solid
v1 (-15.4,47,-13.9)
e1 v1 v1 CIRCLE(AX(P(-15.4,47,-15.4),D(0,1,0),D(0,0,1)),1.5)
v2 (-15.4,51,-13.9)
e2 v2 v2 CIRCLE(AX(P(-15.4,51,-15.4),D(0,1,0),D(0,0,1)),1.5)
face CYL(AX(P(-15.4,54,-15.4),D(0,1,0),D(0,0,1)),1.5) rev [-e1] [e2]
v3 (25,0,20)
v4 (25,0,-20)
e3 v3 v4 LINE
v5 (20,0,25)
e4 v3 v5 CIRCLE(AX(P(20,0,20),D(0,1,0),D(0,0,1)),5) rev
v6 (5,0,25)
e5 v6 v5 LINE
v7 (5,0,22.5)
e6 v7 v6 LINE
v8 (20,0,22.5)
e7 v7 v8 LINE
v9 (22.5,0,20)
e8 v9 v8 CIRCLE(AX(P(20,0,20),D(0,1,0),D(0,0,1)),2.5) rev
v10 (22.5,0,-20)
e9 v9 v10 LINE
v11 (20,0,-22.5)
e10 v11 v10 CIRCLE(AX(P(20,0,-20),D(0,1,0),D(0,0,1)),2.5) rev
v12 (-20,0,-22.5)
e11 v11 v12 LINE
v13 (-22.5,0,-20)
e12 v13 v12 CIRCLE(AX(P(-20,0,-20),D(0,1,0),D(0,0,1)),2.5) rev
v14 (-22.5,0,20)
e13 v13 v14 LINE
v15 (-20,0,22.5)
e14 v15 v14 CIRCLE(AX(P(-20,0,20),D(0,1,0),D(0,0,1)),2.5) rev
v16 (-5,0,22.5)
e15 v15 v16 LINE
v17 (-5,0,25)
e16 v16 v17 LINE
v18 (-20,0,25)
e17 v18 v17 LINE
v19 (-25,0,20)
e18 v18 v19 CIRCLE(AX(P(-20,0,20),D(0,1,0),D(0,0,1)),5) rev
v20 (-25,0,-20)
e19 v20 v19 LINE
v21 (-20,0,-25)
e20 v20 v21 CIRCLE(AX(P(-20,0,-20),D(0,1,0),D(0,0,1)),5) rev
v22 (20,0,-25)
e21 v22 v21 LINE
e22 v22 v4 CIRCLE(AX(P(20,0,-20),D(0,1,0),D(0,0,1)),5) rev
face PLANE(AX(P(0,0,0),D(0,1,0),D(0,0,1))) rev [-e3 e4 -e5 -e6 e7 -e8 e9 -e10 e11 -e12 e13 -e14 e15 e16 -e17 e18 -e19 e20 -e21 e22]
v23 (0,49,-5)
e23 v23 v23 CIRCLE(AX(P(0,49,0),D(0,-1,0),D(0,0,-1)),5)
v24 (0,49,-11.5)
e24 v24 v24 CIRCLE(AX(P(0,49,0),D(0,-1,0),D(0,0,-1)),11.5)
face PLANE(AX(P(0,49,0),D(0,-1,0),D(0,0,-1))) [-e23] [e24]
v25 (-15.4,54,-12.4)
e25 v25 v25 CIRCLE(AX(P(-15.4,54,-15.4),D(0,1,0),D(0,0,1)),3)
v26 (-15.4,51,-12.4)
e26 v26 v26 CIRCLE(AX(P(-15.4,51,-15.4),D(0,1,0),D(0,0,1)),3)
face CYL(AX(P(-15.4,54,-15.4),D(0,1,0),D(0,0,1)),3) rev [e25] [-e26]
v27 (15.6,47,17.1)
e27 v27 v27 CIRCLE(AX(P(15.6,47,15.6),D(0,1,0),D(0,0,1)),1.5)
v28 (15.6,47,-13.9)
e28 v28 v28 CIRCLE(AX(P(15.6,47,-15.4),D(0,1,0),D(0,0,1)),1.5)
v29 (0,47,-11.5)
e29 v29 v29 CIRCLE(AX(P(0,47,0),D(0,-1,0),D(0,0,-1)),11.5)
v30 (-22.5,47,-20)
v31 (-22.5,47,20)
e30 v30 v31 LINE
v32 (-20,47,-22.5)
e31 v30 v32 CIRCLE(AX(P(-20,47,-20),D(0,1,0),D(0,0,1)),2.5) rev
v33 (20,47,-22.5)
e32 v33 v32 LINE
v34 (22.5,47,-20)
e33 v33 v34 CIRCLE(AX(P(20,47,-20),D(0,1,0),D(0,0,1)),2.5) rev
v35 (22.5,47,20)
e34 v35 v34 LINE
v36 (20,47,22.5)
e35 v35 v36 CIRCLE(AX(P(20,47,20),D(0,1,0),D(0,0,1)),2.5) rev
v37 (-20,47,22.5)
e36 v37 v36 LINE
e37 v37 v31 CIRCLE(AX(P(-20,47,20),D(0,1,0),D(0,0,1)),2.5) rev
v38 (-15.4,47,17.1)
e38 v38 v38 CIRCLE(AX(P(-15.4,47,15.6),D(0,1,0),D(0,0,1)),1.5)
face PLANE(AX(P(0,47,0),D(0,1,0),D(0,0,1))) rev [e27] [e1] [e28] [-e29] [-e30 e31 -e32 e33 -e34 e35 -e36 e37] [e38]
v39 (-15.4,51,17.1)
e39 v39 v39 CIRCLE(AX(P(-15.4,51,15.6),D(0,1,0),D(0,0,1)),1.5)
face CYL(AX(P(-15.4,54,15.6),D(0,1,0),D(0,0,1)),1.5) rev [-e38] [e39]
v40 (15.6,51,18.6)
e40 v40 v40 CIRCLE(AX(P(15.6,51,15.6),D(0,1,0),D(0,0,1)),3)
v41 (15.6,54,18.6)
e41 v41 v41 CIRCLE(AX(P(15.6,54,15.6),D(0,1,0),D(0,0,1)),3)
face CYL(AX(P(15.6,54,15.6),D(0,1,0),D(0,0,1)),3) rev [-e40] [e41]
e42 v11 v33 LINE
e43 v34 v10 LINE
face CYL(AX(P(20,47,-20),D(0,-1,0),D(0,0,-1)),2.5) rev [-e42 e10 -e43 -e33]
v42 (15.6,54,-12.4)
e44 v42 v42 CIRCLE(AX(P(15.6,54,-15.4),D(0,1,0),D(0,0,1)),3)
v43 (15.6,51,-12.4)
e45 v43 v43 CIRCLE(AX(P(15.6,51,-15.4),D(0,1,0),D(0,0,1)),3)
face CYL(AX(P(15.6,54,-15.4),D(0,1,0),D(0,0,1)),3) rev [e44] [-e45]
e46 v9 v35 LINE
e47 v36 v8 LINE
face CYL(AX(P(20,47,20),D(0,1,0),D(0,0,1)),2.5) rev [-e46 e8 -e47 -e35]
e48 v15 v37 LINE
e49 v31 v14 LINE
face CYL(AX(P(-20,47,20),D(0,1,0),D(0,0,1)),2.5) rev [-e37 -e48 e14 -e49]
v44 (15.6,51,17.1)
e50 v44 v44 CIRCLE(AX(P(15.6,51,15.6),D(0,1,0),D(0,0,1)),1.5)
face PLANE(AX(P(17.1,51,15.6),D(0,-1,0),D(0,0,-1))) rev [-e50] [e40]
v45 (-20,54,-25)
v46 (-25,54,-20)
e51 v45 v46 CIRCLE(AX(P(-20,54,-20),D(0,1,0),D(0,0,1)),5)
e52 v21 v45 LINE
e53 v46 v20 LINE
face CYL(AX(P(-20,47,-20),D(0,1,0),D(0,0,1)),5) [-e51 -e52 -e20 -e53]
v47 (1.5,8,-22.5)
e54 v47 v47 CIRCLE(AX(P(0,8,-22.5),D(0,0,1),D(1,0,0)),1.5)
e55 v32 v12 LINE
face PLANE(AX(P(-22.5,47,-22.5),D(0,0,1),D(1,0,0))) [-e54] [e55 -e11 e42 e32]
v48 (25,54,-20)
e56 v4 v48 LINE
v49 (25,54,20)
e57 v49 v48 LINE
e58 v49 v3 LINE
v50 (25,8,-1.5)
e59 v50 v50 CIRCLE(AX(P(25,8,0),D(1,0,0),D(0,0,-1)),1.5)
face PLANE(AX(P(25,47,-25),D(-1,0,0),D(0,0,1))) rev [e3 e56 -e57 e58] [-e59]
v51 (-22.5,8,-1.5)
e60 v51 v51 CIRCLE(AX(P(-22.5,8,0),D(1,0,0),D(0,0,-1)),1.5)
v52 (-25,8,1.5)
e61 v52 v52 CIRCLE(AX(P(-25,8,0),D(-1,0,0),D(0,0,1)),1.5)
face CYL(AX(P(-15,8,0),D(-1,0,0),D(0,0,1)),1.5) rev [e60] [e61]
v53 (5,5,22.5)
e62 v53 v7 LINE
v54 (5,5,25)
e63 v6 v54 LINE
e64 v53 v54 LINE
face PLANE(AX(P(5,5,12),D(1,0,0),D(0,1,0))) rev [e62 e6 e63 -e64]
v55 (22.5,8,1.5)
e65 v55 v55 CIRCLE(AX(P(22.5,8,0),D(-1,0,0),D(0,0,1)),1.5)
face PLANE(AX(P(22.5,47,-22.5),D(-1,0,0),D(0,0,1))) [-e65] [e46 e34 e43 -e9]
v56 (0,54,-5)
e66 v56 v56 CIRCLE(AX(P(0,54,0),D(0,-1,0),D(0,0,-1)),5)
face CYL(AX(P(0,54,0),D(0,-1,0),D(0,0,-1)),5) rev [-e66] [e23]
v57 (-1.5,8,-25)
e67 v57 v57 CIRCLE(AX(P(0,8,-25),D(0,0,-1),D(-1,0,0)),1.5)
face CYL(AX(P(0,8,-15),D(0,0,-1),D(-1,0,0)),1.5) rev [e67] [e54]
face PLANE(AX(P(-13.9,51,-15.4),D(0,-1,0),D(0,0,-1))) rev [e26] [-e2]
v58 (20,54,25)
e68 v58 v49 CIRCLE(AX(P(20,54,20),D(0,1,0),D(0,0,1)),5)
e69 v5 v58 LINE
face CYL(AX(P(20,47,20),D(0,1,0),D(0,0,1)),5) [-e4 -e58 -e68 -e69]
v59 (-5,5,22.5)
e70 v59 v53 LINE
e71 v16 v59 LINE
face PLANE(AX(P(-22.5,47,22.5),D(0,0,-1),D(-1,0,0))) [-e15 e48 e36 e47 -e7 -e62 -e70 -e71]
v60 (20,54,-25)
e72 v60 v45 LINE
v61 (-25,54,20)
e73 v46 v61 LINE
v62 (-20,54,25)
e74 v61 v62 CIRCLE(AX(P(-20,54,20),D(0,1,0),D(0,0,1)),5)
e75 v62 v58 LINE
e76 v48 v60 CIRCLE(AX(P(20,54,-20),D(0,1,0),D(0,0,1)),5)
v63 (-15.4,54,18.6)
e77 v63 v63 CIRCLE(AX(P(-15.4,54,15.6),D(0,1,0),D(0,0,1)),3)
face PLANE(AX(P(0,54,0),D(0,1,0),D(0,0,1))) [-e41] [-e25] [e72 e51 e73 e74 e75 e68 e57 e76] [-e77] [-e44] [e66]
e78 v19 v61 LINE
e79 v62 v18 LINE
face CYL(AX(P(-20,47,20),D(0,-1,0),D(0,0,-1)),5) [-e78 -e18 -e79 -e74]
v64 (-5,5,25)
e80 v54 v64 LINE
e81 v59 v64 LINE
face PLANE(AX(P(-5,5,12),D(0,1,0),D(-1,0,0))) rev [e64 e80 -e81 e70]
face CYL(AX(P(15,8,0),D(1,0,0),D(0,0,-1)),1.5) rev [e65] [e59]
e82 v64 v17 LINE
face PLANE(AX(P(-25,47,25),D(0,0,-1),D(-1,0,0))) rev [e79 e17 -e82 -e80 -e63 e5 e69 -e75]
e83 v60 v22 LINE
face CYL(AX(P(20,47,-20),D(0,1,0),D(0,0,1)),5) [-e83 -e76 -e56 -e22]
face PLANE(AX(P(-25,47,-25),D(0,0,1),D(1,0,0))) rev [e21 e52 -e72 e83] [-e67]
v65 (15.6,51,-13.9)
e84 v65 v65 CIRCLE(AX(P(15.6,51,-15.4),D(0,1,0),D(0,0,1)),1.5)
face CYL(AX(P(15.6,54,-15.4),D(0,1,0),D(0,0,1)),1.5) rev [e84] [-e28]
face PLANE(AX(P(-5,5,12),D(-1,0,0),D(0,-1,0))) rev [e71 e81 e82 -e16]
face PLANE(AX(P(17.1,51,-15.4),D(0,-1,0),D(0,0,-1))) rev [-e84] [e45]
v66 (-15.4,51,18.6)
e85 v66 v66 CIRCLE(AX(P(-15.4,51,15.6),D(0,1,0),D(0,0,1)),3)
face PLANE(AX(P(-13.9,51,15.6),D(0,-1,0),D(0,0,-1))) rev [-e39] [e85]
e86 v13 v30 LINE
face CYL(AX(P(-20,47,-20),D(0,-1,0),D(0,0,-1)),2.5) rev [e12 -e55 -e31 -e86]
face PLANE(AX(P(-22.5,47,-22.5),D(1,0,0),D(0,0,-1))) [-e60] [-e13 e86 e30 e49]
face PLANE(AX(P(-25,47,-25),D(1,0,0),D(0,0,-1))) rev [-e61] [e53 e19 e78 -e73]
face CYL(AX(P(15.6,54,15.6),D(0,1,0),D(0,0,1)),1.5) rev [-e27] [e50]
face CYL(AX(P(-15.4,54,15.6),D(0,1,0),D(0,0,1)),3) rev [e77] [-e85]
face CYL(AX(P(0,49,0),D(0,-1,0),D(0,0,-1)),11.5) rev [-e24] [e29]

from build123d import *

# Parameters (mm, degrees)
SKETCH1_W           = 50
SKETCH1_H           = 50
SKETCH1_W_2         = 45
SKETCH1_H_2         = 45
BOSS_EXTRUDE1_DEPTH = 47
SKETCH3_W           = 50
SKETCH3_H           = 50
BOSS_EXTRUDE3_DEPTH = 7
SKETCH5_R           = 11.5
CUT_EXTRUDE1_DEPTH  = 2
SKETCH6_R           = 5
CUT_EXTRUDE2_DEPTH  = 61.42350536
FILLET2_R           = 5
FILLET3_R           = 5
FILLET4_R           = 5
FILLET5_R           = 5
FILLET7_R           = 2.5
FILLET8_R           = 2.5
FILLET9_R           = 2.5
FILLET10_R          = 2.5
SKETCH9_W           = 10
SKETCH9_H           = 5
CUT_EXTRUDE5_DEPTH  = 13
SKETCH10_R          = 1.5
CUT_EXTRUDE6_DEPTH  = 10
CIRPATTERN1_COUNT   = 4
HOLE1_D             = 3
HOLE1_DEPTH         = 12
HOLE1_CBORE_D       = 6
HOLE1_CBORE_DEPTH   = 3


with BuildPart() as part:
    # Sketch1 → Boss-Extrude1 (new body)
    with BuildSketch(Plane(origin=(0, 0, 0), x_dir=(1, 0, 0), z_dir=(0, 1, 0))):
        Rectangle(SKETCH1_W, SKETCH1_H)
        Rectangle(SKETCH1_W_2, SKETCH1_H_2, mode=Mode.SUBTRACT)
    extrude(amount=BOSS_EXTRUDE1_DEPTH)

    # Sketch3 → Boss-Extrude3 (add)
    with BuildSketch(Plane(origin=(0, 47, 0), x_dir=(1, 0, 0), z_dir=(0, 1, 0))):
        Rectangle(SKETCH3_W, SKETCH3_H)
    extrude(amount=BOSS_EXTRUDE3_DEPTH)

    # Sketch5 → Cut-Extrude1 (cut)
    with BuildSketch(Plane.XZ.offset(-47)):
        with Locations(Location((0, 0, 0), (0, 0, 270))):
            Circle(SKETCH5_R)
    extrude(amount=-CUT_EXTRUDE1_DEPTH, mode=Mode.SUBTRACT)

    # Sketch6 → Cut-Extrude2 (cut, through all)
    with BuildSketch(Plane.XZ.offset(-49)):
        with Locations(Location((0, 0, 0), (0, 0, 270))):
            Circle(SKETCH6_R)
    extrude(amount=-CUT_EXTRUDE2_DEPTH, mode=Mode.SUBTRACT)

    # Fillet2
    fillet2_edges = [part.edges().sort_by_distance(p)[0] for p in [
        (25, 27, 25),
    ]]
    fillet(fillet2_edges, radius=FILLET2_R)

    # Fillet3
    fillet3_edges = [part.edges().sort_by_distance(p)[0] for p in [
        (25, 27, -25),
    ]]
    fillet(fillet3_edges, radius=FILLET3_R)

    # Fillet4
    fillet4_edges = [part.edges().sort_by_distance(p)[0] for p in [
        (-25, 27, -25),
    ]]
    fillet(fillet4_edges, radius=FILLET4_R)

    # Fillet5
    fillet5_edges = [part.edges().sort_by_distance(p)[0] for p in [
        (-25, 27, 25),
    ]]
    fillet(fillet5_edges, radius=FILLET5_R)

    # Fillet7
    fillet7_edges = [part.edges().sort_by_distance(p)[0] for p in [
        (-22.5, 23.5, 22.5),
    ]]
    fillet(fillet7_edges, radius=FILLET7_R)

    # Fillet8
    fillet8_edges = [part.edges().sort_by_distance(p)[0] for p in [
        (22.5, 23.5, 22.5),
    ]]
    fillet(fillet8_edges, radius=FILLET8_R)

    # Fillet9
    fillet9_edges = [part.edges().sort_by_distance(p)[0] for p in [
        (22.5, 23.5, -22.5),
    ]]
    fillet(fillet9_edges, radius=FILLET9_R)

    # Fillet10
    fillet10_edges = [part.edges().sort_by_distance(p)[0] for p in [
        (-22.5, 23.5, -22.5),
    ]]
    fillet(fillet10_edges, radius=FILLET10_R)

    # Sketch9 → Cut-Extrude5 (cut)
    with BuildSketch(Plane.XY.offset(25)):
        with Locations((0, 2.5)):
            Rectangle(SKETCH9_W, SKETCH9_H)
    extrude(amount=-CUT_EXTRUDE5_DEPTH, mode=Mode.SUBTRACT)

    # Sketch10 → Cut-Extrude6 (cut)
    with BuildSketch(Plane(origin=(25, 0, 0), x_dir=(0, 0, -1), z_dir=(1, 0, 0))):
        with Locations((0, 8)):
            Circle(SKETCH10_R)
    cut_extrude6 = extrude(amount=-CUT_EXTRUDE6_DEPTH, mode=Mode.SUBTRACT)

    # CirPattern1: Cut-Extrude6 ×4 about axis, 1 skipped
    cirpattern1_axis = Axis((0, 54, 0), (0, -1, 0))
    add([cut_extrude6.rotate(cirpattern1_axis, i * 360 / CIRPATTERN1_COUNT) for i in range(1, CIRPATTERN1_COUNT) if i not in (1,)], mode=Mode.SUBTRACT)

    # Hole1
    with Locations(Plane(origin=(-15.4, 54, -15.4), x_dir=(0, 0, 1), z_dir=(0, 1, 0))):
        with Locations((0, 0), (0, 31), (31, 31), (31, 0)):
            CounterBoreHole(HOLE1_D / 2, HOLE1_CBORE_D / 2, HOLE1_CBORE_DEPTH, depth=HOLE1_DEPTH)


solid = part.part
